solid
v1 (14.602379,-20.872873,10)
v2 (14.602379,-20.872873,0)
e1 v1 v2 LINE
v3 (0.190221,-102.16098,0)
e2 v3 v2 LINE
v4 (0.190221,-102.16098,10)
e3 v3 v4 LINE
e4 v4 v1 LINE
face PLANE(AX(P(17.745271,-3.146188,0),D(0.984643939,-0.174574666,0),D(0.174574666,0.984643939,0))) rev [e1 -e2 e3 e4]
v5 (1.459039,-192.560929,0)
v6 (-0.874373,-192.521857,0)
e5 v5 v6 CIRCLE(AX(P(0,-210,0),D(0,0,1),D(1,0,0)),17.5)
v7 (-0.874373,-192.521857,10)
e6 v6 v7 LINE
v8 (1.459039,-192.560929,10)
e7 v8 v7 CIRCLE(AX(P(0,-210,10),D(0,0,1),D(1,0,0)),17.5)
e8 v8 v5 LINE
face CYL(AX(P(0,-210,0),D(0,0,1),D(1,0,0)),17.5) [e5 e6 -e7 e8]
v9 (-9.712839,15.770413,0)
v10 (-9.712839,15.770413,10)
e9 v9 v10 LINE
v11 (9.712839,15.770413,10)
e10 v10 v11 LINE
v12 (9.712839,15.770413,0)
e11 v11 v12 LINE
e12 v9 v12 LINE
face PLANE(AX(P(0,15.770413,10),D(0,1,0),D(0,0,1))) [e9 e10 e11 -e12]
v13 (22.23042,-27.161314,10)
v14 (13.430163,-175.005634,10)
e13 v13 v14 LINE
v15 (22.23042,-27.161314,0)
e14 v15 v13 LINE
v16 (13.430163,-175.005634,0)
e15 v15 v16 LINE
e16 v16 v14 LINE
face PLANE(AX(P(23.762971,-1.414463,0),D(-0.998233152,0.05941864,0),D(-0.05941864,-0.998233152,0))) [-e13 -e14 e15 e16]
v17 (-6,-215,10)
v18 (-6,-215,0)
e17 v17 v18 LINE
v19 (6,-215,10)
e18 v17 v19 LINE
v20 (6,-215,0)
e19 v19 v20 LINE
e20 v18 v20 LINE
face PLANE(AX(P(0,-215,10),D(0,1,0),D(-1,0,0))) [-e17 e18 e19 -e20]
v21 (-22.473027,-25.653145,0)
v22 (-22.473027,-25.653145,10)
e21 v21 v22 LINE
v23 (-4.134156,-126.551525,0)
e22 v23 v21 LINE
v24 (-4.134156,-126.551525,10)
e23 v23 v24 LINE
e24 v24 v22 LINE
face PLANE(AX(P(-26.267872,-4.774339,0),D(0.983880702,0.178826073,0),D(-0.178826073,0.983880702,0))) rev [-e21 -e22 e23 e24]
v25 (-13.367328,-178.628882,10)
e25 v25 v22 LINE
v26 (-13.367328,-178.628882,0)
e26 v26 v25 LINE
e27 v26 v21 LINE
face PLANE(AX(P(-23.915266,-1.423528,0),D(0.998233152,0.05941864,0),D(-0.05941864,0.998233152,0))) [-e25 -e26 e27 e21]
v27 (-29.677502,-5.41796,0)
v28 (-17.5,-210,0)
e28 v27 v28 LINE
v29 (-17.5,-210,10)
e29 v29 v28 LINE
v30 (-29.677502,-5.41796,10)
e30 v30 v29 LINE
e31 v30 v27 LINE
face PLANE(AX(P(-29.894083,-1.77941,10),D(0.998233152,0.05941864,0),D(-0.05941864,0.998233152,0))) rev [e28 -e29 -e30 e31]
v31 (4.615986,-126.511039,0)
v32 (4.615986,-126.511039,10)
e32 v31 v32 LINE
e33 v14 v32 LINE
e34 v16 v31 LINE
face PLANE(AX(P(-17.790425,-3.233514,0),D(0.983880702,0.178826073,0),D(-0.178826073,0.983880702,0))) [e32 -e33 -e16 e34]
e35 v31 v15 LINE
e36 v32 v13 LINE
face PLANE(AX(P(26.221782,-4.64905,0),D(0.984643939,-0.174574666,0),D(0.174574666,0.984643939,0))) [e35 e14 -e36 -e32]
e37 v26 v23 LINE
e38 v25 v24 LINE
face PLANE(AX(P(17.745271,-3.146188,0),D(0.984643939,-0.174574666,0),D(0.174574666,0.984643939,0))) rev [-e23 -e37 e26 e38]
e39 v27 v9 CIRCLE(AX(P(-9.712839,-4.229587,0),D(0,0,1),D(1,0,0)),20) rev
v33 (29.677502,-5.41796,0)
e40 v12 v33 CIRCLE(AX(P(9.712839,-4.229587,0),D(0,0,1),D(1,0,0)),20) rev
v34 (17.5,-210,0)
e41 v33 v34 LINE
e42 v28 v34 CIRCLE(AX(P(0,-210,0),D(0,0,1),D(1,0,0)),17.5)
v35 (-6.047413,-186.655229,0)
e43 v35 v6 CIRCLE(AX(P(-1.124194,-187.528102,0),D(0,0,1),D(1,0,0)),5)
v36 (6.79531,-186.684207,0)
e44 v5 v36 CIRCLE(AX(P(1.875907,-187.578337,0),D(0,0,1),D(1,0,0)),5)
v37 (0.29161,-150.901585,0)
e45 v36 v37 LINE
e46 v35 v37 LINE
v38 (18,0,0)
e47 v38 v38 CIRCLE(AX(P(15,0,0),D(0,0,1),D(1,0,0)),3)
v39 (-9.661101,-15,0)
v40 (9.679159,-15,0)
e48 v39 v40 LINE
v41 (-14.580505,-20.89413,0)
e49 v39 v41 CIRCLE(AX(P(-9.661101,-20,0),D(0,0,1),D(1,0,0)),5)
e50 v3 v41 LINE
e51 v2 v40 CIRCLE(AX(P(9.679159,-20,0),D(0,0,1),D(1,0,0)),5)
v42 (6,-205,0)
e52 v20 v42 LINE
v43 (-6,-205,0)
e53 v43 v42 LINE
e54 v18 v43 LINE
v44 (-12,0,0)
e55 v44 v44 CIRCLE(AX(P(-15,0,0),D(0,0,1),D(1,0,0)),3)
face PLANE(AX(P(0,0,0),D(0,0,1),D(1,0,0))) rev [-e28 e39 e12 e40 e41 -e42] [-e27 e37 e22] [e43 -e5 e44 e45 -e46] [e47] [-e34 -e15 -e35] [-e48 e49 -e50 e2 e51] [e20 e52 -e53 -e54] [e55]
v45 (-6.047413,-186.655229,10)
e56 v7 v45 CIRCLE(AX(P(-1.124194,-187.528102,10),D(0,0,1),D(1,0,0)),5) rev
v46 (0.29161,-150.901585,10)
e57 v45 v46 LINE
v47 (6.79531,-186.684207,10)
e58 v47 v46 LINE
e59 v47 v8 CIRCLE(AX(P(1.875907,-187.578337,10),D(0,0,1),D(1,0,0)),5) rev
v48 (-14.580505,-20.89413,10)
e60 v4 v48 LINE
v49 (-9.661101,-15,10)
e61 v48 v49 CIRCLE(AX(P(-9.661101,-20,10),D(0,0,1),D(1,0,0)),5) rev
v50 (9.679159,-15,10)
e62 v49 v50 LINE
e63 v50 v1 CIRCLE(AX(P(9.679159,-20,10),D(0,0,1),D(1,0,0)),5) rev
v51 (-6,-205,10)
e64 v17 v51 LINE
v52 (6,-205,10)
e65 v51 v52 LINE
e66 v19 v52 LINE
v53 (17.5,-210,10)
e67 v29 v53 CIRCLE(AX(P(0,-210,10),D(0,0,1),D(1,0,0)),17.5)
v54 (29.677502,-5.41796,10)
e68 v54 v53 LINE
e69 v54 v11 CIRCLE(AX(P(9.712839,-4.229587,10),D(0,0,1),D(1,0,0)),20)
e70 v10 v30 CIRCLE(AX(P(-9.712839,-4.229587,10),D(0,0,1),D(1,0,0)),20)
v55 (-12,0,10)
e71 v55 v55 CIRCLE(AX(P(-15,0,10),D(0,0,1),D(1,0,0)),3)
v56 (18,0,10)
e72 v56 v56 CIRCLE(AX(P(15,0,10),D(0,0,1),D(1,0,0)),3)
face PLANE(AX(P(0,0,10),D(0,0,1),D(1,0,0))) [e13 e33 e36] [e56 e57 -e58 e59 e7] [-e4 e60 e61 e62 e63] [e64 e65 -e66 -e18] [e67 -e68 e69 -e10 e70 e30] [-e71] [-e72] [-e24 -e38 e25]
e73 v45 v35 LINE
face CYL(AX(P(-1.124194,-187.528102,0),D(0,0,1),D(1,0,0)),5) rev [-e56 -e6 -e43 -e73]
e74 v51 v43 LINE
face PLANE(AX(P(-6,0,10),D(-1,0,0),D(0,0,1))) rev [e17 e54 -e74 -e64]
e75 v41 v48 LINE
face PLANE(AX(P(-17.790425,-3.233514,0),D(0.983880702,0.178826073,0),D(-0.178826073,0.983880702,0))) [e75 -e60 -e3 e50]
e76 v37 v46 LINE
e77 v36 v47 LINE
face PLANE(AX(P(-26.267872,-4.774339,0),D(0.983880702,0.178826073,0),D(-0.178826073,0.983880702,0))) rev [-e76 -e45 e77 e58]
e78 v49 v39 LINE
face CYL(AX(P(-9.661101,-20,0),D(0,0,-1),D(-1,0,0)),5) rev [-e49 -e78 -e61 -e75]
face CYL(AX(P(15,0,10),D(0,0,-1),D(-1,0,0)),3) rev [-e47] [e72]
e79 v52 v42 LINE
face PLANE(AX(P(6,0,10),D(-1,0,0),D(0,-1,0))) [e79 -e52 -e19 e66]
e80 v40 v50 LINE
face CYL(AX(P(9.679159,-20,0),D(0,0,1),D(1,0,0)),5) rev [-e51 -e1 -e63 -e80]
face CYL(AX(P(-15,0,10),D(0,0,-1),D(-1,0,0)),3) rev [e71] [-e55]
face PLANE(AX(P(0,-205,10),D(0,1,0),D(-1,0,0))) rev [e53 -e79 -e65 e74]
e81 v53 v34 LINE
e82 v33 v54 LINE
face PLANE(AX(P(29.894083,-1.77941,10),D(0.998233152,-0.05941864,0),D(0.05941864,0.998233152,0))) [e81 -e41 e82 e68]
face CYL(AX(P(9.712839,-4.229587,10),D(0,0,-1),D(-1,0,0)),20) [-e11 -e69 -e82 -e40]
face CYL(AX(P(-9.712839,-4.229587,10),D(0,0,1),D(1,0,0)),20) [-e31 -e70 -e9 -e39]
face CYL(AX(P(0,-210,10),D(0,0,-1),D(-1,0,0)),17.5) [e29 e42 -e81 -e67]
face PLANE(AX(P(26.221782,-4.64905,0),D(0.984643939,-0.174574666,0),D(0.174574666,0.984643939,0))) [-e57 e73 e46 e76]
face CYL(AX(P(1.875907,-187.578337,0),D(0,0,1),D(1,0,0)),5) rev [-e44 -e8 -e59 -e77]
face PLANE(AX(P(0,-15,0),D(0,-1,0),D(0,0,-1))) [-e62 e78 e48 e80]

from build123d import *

# Parameters (mm, degrees)
SKETCH1_R           = 3
BOSS_EXTRUDE2_DEPTH = 10
FILLET1_R           = 20
FILLET2_R           = 20
CUT_EXTRUDE1_START  = -10
CUT_EXTRUDE1_DEPTH  = 10
FILLET3_R           = 5


with BuildPart() as part:
    # Sketch1 → Boss-Extrude2 (new body)
    with BuildSketch(Plane.XY):
        with BuildLine():
            Line((-30, 15.770412854), (-30, 0))
            Line((-30, 0), (-17.5, -210))
            ThreePointArc((-17.5, -210), (0, -227.5), (17.5, -210))
            Line((17.5, -210), (30, 0))
            Line((30, 0), (30, 15.770412854))
            Line((30, 15.770412854), (-30, 15.770412854))
        make_face()
        with Locations((-15, 0)):
            Circle(SKETCH1_R, mode=Mode.SUBTRACT)
        with Locations((15, 0)):
            Circle(SKETCH1_R, mode=Mode.SUBTRACT)
        Polygon((0, -205), (6, -205), (6, -215), (-6, -215), (-6, -205), align=None, mode=Mode.SUBTRACT)
    extrude(amount=BOSS_EXTRUDE2_DEPTH)

    # Fillet1
    fillet1_edges = [part.edges().sort_by_distance(p)[0] for p in [
        (-30, 15.770412854, 5),
    ]]
    fillet(fillet1_edges, radius=FILLET1_R)

    # Fillet2
    fillet2_edges = [part.edges().sort_by_distance(p)[0] for p in [
        (30, 15.770412854, 5),
    ]]
    fillet(fillet2_edges, radius=FILLET2_R)

    # Sketch4 → Cut-Extrude1 (cut)
    with BuildSketch(Plane.XY.offset(10).offset(CUT_EXTRUDE1_START)):
        Polygon((-15.651797422, -15), (0.190220551, -102.160979768), (15.643622882, -15), (15, -15), align=None)
        Polygon((-22.473027071, -25.6531452), (-13.367328465, -178.628881795), (-4.134156204, -126.551525408), align=None)
        Polygon((22.230419841, -27.161313899), (4.615986353, -126.511039477), (13.430162671, -175.005634359), align=None)
        with BuildLine():
            Line((0.291609598, -150.901585116), (-7.372445375, -194.128735111))
            ThreePointArc((-7.372445375, -194.128735111), (0.476576628, -192.506490497), (8.225632191, -194.553674383))
            Line((8.225632191, -194.553674383), (0.291609598, -150.901585116))
        make_face()
    extrude(amount=CUT_EXTRUDE1_DEPTH, mode=Mode.SUBTRACT)

    # Fillet3
    fillet3_edges = [part.edges().sort_by_distance(p)[0] for p in [
        (8.225632191, -194.553674383, 5),
        (-7.372445375, -194.128735111, 5),
        (-15.651797422, -15, 5),
        (15.643622882, -15, 5),
    ]]
    fillet(fillet3_edges, radius=FILLET3_R)


solid = part.part
